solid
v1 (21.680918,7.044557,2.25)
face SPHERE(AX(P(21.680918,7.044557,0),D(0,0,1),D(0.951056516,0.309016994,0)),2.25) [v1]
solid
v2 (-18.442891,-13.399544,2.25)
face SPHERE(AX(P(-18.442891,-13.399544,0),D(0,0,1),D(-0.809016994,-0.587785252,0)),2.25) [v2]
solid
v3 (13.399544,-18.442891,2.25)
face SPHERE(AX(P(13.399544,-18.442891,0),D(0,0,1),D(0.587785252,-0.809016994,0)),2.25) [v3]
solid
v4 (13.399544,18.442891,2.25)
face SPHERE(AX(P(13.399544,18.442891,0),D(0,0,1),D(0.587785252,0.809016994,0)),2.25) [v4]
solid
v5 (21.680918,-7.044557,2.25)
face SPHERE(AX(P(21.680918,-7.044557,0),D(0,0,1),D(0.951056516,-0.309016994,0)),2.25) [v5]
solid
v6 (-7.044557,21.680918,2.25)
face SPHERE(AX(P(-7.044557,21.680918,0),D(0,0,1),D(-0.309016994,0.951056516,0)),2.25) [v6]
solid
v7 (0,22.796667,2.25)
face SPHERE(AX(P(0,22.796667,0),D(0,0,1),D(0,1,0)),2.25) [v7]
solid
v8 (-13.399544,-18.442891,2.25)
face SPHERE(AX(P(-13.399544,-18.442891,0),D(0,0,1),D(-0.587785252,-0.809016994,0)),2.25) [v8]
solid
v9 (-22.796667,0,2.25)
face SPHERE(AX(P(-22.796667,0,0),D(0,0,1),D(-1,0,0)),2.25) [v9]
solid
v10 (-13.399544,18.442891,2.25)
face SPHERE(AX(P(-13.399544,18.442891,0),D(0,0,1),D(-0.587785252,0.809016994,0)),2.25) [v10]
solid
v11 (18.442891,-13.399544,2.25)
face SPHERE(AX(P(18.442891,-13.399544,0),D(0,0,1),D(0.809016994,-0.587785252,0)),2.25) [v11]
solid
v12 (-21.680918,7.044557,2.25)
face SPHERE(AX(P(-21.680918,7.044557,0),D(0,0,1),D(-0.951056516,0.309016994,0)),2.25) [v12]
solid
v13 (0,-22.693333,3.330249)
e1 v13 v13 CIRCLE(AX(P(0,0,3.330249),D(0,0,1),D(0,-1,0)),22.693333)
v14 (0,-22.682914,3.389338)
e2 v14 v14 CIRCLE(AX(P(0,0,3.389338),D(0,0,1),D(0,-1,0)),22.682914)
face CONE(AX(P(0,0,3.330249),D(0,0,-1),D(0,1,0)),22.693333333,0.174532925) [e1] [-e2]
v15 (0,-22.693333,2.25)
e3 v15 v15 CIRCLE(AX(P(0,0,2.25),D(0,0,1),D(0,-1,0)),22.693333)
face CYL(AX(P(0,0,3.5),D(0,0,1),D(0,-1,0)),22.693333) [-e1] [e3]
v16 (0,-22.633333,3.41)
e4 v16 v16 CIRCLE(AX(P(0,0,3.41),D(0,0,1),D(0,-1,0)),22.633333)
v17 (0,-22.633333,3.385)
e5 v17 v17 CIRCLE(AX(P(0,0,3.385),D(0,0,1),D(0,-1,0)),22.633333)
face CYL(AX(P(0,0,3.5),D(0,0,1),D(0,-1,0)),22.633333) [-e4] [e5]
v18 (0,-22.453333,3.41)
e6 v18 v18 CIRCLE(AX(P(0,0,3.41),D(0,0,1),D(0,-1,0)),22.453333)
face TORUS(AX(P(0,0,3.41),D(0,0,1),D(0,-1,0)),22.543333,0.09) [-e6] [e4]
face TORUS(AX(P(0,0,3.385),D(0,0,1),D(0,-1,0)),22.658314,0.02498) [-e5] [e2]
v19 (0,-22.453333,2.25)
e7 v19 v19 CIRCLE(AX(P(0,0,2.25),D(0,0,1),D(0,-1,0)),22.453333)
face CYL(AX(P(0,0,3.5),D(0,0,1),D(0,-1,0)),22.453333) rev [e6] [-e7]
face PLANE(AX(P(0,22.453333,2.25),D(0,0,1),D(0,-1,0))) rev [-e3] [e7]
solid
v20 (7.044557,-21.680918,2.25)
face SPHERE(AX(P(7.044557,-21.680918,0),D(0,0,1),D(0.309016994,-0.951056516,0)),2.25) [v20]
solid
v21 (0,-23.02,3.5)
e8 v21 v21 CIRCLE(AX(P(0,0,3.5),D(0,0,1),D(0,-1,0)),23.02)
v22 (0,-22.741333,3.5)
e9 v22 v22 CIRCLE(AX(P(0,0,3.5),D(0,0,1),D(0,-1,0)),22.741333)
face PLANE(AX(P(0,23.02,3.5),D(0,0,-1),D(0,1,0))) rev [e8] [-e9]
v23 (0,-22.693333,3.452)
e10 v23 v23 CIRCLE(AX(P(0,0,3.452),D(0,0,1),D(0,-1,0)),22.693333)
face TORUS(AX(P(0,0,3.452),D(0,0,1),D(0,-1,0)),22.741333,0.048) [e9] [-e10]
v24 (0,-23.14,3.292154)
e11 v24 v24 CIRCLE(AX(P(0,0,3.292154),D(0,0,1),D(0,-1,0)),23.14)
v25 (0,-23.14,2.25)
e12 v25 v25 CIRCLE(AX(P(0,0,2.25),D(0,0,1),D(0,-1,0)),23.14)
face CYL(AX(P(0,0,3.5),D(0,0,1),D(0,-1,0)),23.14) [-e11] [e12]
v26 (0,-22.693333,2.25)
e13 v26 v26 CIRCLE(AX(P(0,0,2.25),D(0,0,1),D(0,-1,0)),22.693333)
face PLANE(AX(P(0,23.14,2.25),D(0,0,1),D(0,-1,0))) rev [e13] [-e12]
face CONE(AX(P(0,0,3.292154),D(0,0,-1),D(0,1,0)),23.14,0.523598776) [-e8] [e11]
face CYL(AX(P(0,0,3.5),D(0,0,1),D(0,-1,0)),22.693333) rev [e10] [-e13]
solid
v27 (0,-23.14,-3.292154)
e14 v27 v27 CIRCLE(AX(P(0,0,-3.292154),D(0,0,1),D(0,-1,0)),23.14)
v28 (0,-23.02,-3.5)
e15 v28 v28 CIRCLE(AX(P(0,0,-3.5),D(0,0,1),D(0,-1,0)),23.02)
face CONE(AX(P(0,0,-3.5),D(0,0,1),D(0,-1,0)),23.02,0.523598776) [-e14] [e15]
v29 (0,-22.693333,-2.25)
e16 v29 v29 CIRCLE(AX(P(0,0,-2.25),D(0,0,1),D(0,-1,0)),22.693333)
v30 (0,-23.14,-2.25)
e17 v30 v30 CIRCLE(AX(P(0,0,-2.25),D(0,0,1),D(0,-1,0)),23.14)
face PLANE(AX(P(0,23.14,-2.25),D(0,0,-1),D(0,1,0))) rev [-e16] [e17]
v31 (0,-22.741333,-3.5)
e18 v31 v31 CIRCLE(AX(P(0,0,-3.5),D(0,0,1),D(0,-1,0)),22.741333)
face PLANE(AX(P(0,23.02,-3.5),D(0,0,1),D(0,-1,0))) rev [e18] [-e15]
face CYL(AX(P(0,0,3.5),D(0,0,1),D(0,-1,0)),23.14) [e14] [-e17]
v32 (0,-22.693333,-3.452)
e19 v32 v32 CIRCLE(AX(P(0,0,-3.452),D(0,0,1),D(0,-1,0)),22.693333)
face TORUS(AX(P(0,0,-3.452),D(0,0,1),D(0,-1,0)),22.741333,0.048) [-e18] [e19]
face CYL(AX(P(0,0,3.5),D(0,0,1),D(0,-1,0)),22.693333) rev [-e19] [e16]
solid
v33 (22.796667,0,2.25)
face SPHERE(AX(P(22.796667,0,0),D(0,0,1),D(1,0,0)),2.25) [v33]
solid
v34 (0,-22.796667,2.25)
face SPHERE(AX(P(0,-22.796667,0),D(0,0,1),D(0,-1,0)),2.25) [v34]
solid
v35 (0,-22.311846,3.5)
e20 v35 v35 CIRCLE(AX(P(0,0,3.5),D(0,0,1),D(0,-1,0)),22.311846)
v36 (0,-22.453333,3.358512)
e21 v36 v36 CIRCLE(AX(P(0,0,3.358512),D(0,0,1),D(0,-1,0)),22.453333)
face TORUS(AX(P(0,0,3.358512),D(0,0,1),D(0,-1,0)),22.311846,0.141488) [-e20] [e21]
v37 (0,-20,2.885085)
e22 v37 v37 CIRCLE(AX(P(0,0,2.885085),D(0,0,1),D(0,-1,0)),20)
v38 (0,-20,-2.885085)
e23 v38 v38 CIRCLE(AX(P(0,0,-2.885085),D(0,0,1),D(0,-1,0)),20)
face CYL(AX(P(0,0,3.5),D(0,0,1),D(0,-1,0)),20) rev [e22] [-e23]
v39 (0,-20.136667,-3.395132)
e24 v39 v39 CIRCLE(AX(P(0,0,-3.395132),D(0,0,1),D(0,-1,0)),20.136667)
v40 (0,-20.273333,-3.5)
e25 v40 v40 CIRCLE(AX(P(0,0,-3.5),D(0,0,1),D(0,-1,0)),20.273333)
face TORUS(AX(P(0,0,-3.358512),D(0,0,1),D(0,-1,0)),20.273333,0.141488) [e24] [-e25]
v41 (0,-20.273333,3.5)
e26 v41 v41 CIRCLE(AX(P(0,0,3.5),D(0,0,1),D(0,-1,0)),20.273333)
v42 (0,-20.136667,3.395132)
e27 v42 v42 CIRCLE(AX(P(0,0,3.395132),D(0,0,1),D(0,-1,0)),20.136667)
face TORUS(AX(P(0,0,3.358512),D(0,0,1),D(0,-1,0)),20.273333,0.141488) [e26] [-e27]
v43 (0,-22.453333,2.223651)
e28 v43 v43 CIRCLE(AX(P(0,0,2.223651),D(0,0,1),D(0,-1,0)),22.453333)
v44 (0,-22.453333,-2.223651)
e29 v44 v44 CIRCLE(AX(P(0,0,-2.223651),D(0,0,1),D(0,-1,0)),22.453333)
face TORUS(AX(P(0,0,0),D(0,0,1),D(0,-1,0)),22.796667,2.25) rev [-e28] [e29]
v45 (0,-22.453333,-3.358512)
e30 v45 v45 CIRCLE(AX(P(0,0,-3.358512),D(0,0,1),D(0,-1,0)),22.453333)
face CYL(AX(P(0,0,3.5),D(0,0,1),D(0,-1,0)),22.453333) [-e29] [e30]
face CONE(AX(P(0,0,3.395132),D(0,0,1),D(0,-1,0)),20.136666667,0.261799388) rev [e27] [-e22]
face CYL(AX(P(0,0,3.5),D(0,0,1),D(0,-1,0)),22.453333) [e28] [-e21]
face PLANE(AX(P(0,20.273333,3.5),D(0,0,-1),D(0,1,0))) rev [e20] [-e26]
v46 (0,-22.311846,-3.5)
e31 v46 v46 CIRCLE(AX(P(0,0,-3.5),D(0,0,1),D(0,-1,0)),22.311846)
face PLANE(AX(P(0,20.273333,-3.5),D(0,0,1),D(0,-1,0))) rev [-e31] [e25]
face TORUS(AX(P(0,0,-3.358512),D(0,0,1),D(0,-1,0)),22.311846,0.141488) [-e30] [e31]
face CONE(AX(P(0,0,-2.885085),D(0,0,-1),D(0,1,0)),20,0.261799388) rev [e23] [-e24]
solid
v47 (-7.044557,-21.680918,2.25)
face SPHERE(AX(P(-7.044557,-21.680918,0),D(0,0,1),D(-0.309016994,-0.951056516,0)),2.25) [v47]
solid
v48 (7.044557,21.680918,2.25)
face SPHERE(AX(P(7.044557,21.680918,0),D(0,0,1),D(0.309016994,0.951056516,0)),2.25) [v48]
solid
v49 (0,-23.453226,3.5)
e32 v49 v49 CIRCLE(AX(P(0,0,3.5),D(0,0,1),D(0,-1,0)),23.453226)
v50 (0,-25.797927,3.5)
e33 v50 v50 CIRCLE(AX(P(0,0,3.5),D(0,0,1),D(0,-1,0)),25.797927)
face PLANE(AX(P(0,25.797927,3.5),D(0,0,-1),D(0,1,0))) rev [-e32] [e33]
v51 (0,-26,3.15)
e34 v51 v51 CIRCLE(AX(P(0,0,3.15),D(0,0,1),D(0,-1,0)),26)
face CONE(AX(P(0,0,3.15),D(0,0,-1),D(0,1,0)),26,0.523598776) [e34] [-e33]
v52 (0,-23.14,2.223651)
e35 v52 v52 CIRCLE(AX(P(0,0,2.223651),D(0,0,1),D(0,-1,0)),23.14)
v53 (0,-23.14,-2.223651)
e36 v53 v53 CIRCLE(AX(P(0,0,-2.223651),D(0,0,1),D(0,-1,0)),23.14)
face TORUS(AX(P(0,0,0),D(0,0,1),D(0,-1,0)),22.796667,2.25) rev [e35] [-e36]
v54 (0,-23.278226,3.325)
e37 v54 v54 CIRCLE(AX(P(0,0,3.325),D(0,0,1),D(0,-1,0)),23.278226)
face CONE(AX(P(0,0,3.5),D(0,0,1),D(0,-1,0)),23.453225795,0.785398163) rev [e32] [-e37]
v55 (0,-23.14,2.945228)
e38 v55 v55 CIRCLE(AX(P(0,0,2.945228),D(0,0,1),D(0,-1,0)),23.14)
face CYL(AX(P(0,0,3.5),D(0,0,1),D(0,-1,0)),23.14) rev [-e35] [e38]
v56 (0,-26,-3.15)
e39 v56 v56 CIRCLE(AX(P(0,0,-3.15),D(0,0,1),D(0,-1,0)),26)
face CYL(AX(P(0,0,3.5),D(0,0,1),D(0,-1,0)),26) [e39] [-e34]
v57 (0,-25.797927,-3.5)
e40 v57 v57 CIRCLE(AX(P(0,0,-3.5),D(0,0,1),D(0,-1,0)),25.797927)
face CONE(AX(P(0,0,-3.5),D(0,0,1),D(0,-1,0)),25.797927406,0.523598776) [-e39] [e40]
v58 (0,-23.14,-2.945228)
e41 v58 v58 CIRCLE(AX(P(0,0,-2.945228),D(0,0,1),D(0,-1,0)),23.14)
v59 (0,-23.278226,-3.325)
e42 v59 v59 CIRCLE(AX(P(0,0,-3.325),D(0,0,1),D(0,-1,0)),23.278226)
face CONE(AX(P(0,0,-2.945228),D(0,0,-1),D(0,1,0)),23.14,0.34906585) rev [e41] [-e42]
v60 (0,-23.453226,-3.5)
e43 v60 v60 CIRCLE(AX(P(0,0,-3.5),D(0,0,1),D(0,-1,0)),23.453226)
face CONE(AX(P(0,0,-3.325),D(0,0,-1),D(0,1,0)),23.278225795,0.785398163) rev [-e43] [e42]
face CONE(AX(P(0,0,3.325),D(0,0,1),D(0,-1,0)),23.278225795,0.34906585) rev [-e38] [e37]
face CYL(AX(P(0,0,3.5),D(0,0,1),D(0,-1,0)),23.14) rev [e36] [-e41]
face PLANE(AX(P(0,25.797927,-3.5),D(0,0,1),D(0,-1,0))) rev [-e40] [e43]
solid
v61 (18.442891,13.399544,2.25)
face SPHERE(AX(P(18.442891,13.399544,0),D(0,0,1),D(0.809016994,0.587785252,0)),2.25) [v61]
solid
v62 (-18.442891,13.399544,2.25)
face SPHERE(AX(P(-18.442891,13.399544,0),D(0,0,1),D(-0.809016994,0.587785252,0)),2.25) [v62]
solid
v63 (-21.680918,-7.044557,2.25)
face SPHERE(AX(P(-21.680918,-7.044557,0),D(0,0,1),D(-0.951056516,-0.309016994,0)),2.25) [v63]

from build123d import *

# Parameters (mm, degrees)
CIRPATTERN1_COUNT = 20


with BuildPart() as part:
    # Sketch3 → Revolve1 (revolve)
    with BuildSketch(Plane(origin=(0, 0, 0), x_dir=(0, 0, -1), z_dir=(1, 0, 0))):
        with BuildLine():
            Line((-2.945227749, 23.14), (-3.325, 23.278225795))
            Line((-3.325, 23.278225795), (-3.5, 23.453225795))
            Line((-3.5, 23.453225795), (-3.5, 25.797927406))
            Line((-3.5, 25.797927406), (-3.15, 26))
            Line((-3.15, 26), (3.15, 26))
            Line((3.15, 26), (3.5, 25.797927406))
            Line((3.5, 25.797927406), (3.5, 23.453225795))
            Line((3.5, 23.453225795), (3.325, 23.278225795))
            Line((3.325, 23.278225795), (2.945227749, 23.14))
            Line((2.945227749, 23.14), (2.223650652, 23.14))
            ThreePointArc((2.223650652, 23.14), (0, 25.046666667), (-2.223650652, 23.14))
            Line((-2.223650652, 23.14), (-2.945227749, 23.14))
        make_face()
    revolve(axis=Axis((0, 0, 3.5), (0, 0, -1)))


with BuildPart() as body_2:
    # Sketch4 → Revolve2 (revolve)
    with BuildSketch(Plane(origin=(0, 0, 0), x_dir=(0, 0, -1), z_dir=(1, 0, 0))):
        with BuildLine():
            Line((-2.885085035, 20), (-3.395131978, 20.136666667))
            ThreePointArc((-3.395131978, 20.136666667), (-3.47076203, 20.187201052), (-3.5, 20.273333333))
            Line((-3.5, 20.273333333), (-3.5, 22.311845589))
            ThreePointArc((-3.5, 22.311845589), (-3.458559199, 22.411892532), (-3.358512255, 22.453333333))
            Line((-3.358512255, 22.453333333), (-2.223650652, 22.453333333))
            ThreePointArc((-2.223650652, 22.453333333), (0, 20.546666667), (2.223650652, 22.453333333))
            Line((2.223650652, 22.453333333), (3.358512255, 22.453333333))
            ThreePointArc((3.358512255, 22.453333333), (3.458559199, 22.411892532), (3.5, 22.311845589))
            Line((3.5, 22.311845589), (3.5, 20.273333333))
            ThreePointArc((3.5, 20.273333333), (3.47076203, 20.187201052), (3.395131978, 20.136666667))
            Line((3.395131978, 20.136666667), (2.885085035, 20))
            Line((2.885085035, 20), (-2.885085035, 20))
        make_face()
    revolve(axis=Axis((0, 0, 3.5), (0, 0, -1)))


with BuildPart() as body_3:
    # Sketch5 → Revolve3 (revolve)
    with BuildSketch(Plane(origin=(0, 0, 0), x_dir=(0, 0, -1), z_dir=(1, 0, 0))):
        with BuildLine():
            Line((-2.25, 22.796666667), (2.25, 22.796666667))
            ThreePointArc((2.25, 22.796666667), (0, 25.046666667), (-2.25, 22.796666667))
        make_face()
    revolve(axis=Axis((0, 22.796666667, 2.25), (0, 0, -1)))


with BuildPart() as cirpattern1_1:
    # CirPattern1: pattern copy
    add(body_3.part.rotate(Axis((0, 0, 3.5), (0, 0, -1)), 1 * 360 / CIRPATTERN1_COUNT))


with BuildPart() as cirpattern1_2:
    # CirPattern1: pattern copy
    add(body_3.part.rotate(Axis((0, 0, 3.5), (0, 0, -1)), 2 * 360 / CIRPATTERN1_COUNT))


with BuildPart() as cirpattern1_3:
    # CirPattern1: pattern copy
    add(body_3.part.rotate(Axis((0, 0, 3.5), (0, 0, -1)), 3 * 360 / CIRPATTERN1_COUNT))


with BuildPart() as cirpattern1_4:
    # CirPattern1: pattern copy
    add(body_3.part.rotate(Axis((0, 0, 3.5), (0, 0, -1)), 4 * 360 / CIRPATTERN1_COUNT))


with BuildPart() as cirpattern1_5:
    # CirPattern1: pattern copy
    add(body_3.part.rotate(Axis((0, 0, 3.5), (0, 0, -1)), 5 * 360 / CIRPATTERN1_COUNT))


with BuildPart() as cirpattern1_6:
    # CirPattern1: pattern copy
    add(body_3.part.rotate(Axis((0, 0, 3.5), (0, 0, -1)), 6 * 360 / CIRPATTERN1_COUNT))


with BuildPart() as cirpattern1_7:
    # CirPattern1: pattern copy
    add(body_3.part.rotate(Axis((0, 0, 3.5), (0, 0, -1)), 7 * 360 / CIRPATTERN1_COUNT))


with BuildPart() as cirpattern1_8:
    # CirPattern1: pattern copy
    add(body_3.part.rotate(Axis((0, 0, 3.5), (0, 0, -1)), 8 * 360 / CIRPATTERN1_COUNT))


with BuildPart() as cirpattern1_9:
    # CirPattern1: pattern copy
    add(body_3.part.rotate(Axis((0, 0, 3.5), (0, 0, -1)), 9 * 360 / CIRPATTERN1_COUNT))


with BuildPart() as cirpattern1_10:
    # CirPattern1: pattern copy
    add(body_3.part.rotate(Axis((0, 0, 3.5), (0, 0, -1)), 10 * 360 / CIRPATTERN1_COUNT))


with BuildPart() as cirpattern1_11:
    # CirPattern1: pattern copy
    add(body_3.part.rotate(Axis((0, 0, 3.5), (0, 0, -1)), 11 * 360 / CIRPATTERN1_COUNT))


with BuildPart() as cirpattern1_12:
    # CirPattern1: pattern copy
    add(body_3.part.rotate(Axis((0, 0, 3.5), (0, 0, -1)), 12 * 360 / CIRPATTERN1_COUNT))


with BuildPart() as cirpattern1_13:
    # CirPattern1: pattern copy
    add(body_3.part.rotate(Axis((0, 0, 3.5), (0, 0, -1)), 13 * 360 / CIRPATTERN1_COUNT))


with BuildPart() as cirpattern1_14:
    # CirPattern1: pattern copy
    add(body_3.part.rotate(Axis((0, 0, 3.5), (0, 0, -1)), 14 * 360 / CIRPATTERN1_COUNT))


with BuildPart() as cirpattern1_15:
    # CirPattern1: pattern copy
    add(body_3.part.rotate(Axis((0, 0, 3.5), (0, 0, -1)), 15 * 360 / CIRPATTERN1_COUNT))


with BuildPart() as cirpattern1_16:
    # CirPattern1: pattern copy
    add(body_3.part.rotate(Axis((0, 0, 3.5), (0, 0, -1)), 16 * 360 / CIRPATTERN1_COUNT))


with BuildPart() as cirpattern1_17:
    # CirPattern1: pattern copy
    add(body_3.part.rotate(Axis((0, 0, 3.5), (0, 0, -1)), 17 * 360 / CIRPATTERN1_COUNT))


with BuildPart() as cirpattern1_18:
    # CirPattern1: pattern copy
    add(body_3.part.rotate(Axis((0, 0, 3.5), (0, 0, -1)), 18 * 360 / CIRPATTERN1_COUNT))


with BuildPart() as cirpattern1_19:
    # CirPattern1: pattern copy
    add(body_3.part.rotate(Axis((0, 0, 3.5), (0, 0, -1)), 19 * 360 / CIRPATTERN1_COUNT))


with BuildPart() as body_23:
    # Sketch6 → Revolve4 (revolve)
    with BuildSketch(Plane(origin=(0, 0, 0), x_dir=(0, 0, -1), z_dir=(1, 0, 0))):
        with BuildLine():
            Line((-3.292153903, 23.14), (-2.25, 23.14))
            Line((-2.25, 23.14), (-2.25, 22.693333333))
            Line((-2.25, 22.693333333), (-3.452, 22.693333333))
            ThreePointArc((-3.452, 22.693333333), (-3.485941125, 22.707392208), (-3.5, 22.741333333))
            Line((-3.5, 22.741333333), (-3.5, 23.02))
            Line((-3.5, 23.02), (-3.292153903, 23.14))
        make_face()
        with BuildLine():
            Line((3.452, 22.693333333), (2.25, 22.693333333))
            Line((2.25, 22.693333333), (2.25, 23.14))
            Line((2.25, 23.14), (3.292153903, 23.14))
            Line((3.292153903, 23.14), (3.5, 23.02))
            Line((3.5, 23.02), (3.5, 22.741333333))
            ThreePointArc((3.5, 22.741333333), (3.485941125, 22.707392208), (3.452, 22.693333333))
        make_face()
    revolve(axis=Axis((0, 0, 3.5), (0, 0, -1)))


with BuildPart() as body_24:
    # Sketch7 → Revolve5 (revolve)
    with BuildSketch(Plane(origin=(0, 0, 0), x_dir=(0, 0, -1), z_dir=(1, 0, 0))):
        with BuildLine():
            Line((-2.25, 22.693333333), (-3.33024932, 22.693333333))
            Line((-3.33024932, 22.693333333), (-3.389337785, 22.682914443))
            ThreePointArc((-3.389337785, 22.682914443), (-3.409885251, 22.656136464), (-3.385, 22.633333333))
            Line((-3.385, 22.633333333), (-3.41, 22.633333333))
            ThreePointArc((-3.41, 22.633333333), (-3.5, 22.543333333), (-3.41, 22.453333333))
            Line((-3.41, 22.453333333), (-2.25, 22.453333333))
            Line((-2.25, 22.453333333), (-2.25, 22.693333333))
        make_face()
    revolve(axis=Axis((0, 0, 3.5), (0, 0, -1)))


solid = Compound([part.part, body_2.part, body_3.part, cirpattern1_1.part, cirpattern1_2.part, cirpattern1_3.part, cirpattern1_4.part, cirpattern1_5.part, cirpattern1_6.part, cirpattern1_7.part, cirpattern1_8.part, cirpattern1_9.part, cirpattern1_10.part, cirpattern1_11.part, cirpattern1_12.part, cirpattern1_13.part, cirpattern1_14.part, cirpattern1_15.part, cirpattern1_16.part, cirpattern1_17.part, cirpattern1_18.part, cirpattern1_19.part, body_23.part, body_24.part])
